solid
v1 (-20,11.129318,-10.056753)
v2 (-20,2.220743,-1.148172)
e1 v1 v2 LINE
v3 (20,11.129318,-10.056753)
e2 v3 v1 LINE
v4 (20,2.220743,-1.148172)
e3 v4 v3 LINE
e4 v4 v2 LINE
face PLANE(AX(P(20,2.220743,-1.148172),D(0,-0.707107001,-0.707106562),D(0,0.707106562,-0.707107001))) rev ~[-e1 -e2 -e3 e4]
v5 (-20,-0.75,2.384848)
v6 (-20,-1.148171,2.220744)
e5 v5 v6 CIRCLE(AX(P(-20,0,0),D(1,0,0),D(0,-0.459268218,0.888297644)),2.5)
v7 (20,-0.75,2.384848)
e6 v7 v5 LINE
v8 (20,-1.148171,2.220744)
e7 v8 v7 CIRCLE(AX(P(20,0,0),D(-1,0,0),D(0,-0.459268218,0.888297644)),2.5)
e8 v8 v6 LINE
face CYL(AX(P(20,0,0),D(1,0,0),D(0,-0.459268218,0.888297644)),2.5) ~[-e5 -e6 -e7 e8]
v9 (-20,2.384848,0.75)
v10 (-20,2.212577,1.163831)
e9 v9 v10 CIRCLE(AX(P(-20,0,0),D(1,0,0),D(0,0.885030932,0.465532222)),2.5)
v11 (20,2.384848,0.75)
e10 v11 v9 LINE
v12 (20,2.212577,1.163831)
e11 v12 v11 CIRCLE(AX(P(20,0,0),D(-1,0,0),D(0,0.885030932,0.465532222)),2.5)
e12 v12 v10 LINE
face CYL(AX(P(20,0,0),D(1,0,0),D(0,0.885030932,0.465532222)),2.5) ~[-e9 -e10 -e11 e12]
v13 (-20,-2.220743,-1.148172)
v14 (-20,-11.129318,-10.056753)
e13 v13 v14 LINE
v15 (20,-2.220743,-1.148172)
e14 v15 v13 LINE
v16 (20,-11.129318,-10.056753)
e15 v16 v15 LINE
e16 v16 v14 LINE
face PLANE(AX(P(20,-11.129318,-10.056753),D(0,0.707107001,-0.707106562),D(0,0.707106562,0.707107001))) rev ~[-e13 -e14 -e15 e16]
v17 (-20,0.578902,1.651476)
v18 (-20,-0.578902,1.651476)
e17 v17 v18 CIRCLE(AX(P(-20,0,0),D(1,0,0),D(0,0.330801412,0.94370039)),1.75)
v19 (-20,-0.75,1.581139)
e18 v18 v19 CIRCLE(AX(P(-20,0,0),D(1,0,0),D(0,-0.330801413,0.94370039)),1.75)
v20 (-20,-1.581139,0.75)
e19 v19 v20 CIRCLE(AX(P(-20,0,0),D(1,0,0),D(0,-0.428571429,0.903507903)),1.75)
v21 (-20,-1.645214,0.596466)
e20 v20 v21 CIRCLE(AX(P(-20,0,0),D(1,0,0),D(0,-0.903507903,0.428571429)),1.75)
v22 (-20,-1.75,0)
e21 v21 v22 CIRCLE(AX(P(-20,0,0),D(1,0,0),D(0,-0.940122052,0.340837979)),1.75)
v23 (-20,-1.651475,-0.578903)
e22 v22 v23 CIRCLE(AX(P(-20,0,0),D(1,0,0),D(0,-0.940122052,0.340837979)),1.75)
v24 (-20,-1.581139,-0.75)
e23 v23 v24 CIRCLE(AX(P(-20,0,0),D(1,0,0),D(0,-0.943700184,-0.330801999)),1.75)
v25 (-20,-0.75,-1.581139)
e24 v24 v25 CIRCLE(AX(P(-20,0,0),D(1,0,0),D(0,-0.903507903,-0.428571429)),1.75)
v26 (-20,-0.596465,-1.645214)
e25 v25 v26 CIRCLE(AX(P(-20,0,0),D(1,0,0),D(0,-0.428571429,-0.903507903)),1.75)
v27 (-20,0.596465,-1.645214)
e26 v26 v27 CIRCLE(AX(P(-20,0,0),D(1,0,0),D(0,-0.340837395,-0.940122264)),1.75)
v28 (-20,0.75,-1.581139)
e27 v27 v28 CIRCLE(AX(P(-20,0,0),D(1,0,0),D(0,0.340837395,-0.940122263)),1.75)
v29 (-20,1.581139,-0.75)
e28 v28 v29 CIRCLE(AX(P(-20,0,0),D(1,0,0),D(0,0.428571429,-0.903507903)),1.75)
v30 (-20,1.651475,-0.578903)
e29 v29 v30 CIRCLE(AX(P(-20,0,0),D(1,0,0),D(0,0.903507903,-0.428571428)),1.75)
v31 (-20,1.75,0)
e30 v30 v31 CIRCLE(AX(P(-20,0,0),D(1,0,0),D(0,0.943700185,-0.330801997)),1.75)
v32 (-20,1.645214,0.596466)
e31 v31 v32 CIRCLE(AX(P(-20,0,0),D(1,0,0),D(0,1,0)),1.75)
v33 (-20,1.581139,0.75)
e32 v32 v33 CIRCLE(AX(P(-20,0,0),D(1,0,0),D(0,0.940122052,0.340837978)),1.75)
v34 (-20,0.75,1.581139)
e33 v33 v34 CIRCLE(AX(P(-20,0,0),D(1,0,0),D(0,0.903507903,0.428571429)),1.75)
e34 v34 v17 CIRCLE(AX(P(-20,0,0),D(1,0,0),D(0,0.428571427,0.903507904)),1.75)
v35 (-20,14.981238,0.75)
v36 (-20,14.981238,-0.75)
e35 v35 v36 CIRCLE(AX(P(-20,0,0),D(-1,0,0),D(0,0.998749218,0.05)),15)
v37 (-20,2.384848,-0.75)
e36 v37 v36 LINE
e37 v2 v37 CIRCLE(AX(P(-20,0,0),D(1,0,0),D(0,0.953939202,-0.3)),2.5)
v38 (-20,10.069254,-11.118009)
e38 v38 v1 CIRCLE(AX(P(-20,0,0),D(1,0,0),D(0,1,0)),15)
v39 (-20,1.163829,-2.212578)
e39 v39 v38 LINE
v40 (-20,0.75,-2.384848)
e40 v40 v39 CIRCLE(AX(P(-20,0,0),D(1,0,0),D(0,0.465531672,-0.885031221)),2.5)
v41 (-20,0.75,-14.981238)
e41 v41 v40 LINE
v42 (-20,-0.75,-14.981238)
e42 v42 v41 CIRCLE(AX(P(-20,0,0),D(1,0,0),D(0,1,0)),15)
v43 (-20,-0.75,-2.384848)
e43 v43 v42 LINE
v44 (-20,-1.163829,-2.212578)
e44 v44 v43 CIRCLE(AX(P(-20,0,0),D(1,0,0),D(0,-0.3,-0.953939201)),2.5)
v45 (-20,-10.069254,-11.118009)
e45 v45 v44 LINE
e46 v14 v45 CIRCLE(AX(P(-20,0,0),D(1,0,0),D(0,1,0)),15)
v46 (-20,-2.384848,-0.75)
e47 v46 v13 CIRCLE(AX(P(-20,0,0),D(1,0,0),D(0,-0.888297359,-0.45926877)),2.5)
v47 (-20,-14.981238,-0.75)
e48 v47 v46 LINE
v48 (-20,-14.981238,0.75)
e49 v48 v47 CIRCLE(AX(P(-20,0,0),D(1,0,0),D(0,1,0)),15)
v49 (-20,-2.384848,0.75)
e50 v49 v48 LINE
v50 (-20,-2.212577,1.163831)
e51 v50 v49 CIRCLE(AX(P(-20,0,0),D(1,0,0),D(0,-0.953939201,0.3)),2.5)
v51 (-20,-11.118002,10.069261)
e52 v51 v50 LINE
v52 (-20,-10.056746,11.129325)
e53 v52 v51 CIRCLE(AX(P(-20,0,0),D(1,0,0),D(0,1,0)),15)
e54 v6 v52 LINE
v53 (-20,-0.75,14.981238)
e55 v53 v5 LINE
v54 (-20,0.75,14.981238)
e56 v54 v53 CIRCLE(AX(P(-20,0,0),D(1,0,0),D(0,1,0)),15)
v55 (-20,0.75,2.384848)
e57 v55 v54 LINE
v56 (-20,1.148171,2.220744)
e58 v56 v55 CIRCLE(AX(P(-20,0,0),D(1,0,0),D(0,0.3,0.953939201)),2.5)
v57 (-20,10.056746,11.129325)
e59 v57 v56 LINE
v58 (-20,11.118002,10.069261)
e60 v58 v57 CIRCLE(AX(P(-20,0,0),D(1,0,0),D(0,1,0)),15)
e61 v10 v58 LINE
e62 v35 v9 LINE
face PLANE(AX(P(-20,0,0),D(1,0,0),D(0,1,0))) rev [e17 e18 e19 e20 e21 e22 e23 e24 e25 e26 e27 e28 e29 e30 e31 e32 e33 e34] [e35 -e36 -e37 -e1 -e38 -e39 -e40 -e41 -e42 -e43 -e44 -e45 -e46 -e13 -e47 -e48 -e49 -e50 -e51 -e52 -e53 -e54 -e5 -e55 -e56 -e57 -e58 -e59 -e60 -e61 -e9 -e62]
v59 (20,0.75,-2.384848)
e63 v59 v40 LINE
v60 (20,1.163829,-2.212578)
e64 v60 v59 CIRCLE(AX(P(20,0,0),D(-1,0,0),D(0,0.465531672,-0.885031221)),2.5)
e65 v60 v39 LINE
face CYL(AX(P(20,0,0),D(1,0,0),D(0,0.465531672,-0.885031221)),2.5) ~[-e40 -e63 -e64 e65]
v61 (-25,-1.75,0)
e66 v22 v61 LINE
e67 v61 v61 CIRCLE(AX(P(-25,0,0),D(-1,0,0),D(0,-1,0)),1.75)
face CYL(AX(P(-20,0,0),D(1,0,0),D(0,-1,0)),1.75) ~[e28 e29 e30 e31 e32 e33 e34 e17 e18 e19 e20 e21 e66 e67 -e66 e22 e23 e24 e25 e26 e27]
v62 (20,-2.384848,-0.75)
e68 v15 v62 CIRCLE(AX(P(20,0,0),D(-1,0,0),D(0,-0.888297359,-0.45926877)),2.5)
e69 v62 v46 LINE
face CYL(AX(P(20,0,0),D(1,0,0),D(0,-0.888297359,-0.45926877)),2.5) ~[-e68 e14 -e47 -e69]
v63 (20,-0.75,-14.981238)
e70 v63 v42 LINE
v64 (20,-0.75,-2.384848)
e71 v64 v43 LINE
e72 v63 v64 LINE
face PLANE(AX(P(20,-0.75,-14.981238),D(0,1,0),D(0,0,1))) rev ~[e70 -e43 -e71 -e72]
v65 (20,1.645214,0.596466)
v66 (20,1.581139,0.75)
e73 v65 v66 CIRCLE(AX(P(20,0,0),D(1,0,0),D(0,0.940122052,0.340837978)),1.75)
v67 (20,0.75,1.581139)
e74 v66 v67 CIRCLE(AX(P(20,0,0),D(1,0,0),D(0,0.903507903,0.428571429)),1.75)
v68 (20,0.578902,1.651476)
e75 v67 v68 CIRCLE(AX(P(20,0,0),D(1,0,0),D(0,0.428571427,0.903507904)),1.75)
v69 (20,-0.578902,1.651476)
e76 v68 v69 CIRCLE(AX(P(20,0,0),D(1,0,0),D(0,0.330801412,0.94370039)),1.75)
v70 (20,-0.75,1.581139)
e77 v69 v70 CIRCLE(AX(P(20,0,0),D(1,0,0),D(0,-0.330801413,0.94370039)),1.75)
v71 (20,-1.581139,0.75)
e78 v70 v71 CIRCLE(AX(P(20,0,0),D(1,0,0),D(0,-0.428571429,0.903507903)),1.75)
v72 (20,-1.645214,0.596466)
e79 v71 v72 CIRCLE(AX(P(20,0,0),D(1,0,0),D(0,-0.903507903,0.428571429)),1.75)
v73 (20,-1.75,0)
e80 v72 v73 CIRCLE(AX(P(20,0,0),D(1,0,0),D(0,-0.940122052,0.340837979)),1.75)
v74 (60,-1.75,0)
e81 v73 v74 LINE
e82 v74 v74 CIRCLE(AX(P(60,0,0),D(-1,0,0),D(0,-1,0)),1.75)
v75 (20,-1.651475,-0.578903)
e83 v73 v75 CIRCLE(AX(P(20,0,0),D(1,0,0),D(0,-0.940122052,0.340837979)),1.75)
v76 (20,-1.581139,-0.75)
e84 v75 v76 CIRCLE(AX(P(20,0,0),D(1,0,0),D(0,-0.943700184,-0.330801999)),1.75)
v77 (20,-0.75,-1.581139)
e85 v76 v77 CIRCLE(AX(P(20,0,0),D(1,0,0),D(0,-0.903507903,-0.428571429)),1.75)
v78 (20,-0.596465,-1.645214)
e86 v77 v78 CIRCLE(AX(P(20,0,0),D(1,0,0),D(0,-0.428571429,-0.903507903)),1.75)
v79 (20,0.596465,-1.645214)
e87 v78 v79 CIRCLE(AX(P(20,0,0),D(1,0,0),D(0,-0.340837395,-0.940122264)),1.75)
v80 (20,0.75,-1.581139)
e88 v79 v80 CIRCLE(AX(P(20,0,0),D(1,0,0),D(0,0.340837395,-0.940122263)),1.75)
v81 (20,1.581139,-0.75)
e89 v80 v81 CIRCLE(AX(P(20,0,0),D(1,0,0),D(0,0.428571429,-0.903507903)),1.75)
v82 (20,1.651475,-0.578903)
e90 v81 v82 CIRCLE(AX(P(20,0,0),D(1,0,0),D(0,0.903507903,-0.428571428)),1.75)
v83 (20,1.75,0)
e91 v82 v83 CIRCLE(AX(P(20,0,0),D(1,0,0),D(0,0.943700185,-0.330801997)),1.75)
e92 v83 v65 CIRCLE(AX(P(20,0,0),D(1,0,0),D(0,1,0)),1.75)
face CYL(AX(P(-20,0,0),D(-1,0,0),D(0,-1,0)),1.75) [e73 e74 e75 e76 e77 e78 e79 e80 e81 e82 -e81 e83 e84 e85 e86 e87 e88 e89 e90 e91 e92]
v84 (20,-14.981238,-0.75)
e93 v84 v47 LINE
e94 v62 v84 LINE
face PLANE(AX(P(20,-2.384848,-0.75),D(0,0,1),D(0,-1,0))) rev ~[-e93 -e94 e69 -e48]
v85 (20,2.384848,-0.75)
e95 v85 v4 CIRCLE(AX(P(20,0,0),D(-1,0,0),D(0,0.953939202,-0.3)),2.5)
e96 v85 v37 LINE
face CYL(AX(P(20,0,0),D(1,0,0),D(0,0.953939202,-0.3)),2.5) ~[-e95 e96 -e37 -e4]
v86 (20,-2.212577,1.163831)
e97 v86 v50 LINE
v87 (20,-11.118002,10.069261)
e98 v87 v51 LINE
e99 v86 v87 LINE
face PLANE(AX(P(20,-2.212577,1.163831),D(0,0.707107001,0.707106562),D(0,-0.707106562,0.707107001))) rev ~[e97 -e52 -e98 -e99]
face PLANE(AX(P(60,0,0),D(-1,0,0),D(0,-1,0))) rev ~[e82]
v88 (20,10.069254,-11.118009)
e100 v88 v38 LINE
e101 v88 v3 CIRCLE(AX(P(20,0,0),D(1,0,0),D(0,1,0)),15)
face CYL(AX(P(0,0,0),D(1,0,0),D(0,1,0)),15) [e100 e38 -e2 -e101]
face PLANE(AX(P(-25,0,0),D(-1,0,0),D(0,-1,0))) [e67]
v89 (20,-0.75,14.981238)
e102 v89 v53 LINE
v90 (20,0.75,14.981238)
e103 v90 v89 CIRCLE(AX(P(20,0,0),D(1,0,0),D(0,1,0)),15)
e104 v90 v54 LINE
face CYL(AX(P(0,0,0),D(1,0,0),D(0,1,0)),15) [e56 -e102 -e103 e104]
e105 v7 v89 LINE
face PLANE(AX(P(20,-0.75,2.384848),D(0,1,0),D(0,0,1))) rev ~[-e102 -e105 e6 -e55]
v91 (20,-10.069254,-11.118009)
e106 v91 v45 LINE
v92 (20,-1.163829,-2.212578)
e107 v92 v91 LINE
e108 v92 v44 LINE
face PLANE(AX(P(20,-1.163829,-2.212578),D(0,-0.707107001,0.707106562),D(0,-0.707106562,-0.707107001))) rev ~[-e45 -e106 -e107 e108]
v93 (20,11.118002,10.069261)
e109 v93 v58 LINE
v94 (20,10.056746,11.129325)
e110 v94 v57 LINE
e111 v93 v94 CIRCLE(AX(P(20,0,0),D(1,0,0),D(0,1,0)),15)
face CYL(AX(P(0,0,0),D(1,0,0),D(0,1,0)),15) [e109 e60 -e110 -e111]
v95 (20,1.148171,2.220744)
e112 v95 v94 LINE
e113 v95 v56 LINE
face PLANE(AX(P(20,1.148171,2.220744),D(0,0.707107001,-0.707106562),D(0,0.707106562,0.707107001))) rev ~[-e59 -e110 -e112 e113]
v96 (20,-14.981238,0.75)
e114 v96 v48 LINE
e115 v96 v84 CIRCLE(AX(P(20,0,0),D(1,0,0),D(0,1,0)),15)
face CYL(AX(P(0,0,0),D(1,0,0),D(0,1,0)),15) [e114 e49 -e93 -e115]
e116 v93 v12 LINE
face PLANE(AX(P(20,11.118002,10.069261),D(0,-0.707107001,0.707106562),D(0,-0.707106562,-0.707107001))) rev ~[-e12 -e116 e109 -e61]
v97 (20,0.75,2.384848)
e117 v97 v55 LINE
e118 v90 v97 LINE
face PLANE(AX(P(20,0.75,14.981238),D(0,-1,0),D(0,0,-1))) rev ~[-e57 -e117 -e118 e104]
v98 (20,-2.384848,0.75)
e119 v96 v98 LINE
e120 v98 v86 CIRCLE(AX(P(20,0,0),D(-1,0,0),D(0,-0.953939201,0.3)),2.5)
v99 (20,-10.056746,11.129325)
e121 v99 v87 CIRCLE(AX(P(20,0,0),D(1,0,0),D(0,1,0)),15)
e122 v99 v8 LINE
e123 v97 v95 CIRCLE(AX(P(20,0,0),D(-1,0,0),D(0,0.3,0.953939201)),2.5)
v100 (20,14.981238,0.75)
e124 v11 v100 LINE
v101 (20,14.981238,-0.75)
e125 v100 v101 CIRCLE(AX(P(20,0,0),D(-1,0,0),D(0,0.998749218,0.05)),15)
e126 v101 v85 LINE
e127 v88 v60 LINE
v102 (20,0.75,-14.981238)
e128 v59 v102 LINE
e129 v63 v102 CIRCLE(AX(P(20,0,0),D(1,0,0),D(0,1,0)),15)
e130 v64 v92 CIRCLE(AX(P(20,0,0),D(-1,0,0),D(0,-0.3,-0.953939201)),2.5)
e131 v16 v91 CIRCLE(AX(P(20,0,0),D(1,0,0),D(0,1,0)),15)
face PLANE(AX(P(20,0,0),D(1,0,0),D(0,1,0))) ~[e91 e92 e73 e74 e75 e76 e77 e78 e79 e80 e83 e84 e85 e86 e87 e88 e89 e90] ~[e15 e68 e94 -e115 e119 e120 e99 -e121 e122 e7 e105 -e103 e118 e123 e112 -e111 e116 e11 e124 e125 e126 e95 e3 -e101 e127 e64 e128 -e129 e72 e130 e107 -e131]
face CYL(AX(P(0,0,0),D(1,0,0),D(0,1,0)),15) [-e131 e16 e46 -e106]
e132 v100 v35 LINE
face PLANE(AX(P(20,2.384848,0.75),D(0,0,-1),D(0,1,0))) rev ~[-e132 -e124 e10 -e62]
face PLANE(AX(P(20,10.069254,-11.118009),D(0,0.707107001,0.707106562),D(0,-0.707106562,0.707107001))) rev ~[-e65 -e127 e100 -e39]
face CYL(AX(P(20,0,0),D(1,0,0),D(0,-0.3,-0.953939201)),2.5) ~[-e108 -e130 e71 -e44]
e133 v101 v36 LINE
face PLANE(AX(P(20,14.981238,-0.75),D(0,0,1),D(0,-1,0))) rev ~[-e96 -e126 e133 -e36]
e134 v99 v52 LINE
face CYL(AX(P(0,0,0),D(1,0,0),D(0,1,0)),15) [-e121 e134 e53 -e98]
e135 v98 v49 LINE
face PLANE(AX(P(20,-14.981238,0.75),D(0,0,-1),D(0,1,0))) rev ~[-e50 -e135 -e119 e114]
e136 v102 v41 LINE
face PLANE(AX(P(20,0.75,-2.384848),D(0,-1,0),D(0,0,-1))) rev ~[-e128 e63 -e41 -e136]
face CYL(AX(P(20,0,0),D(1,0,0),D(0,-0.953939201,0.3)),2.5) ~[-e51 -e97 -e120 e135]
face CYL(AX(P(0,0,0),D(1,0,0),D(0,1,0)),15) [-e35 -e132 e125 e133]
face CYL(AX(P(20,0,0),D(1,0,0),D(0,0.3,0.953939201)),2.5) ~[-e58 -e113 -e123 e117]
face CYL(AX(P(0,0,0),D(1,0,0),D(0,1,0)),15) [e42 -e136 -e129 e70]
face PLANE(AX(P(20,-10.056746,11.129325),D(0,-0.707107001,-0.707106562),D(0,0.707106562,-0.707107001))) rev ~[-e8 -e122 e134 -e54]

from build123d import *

# Parameters (mm, degrees)
F0_W          = 40
F0_H          = 15
F3_DEPTH      = 40.001
F4_R          = 1.75
F4_R_2        = 0.75
F6_DEPTH      = 5
F6_DEPTH_BACK = 80


with BuildPart() as f1:
    # F0 (on Top) → F1 (revolve)
    with BuildSketch(Plane.XY):
        with Locations((0, 7.5)):
            Rectangle(F0_W, F0_H)
    revolve(axis=Axis((0, 0, 0), (1, 0, 0)))

    # F2 (on face) → F3 (cut, through all)
    with BuildSketch(Plane.YZ.offset(20)):
        with BuildLine():
            ThreePointArc((1.651475323, -0.578903496), (1.7251930059, -0.2936138491), (1.75, 0))
            ThreePointArc((1.75, 0), (1.7236043316, 0.3028004429), (1.6452135906, 0.5964664628))
            ThreePointArc((1.6452135906, 0.5964664628), (1.6150017407, 0.6739950872), (1.5811388301, 0.75))
            ThreePointArc((1.5811388301, 0.75), (1.2374368671, 1.2374368671), (0.75, 1.5811388301))
            ThreePointArc((0.75, 1.5811388301), (0.6653812907, 1.618569658), (0.5789024703, 1.6514756825))
            ThreePointArc((0.5789024703, 1.6514756825), (0, 1.75), (-0.5789024703, 1.6514756825))
            ThreePointArc((-0.5789024703, 1.6514756825), (-0.6653812907, 1.618569658), (-0.75, 1.5811388301))
            ThreePointArc((-0.75, 1.5811388301), (-1.2374368671, 1.2374368671), (-1.5811388301, 0.75))
            ThreePointArc((-1.5811388301, 0.75), (-1.6150017407, 0.6739950872), (-1.6452135906, 0.5964664628))
            ThreePointArc((-1.6452135906, 0.5964664628), (-1.7499751665, 0.0093229166), (-1.651475323, -0.578903496))
            ThreePointArc((-1.651475323, -0.578903496), (-1.6185694514, -0.6653817934), (-1.5811388301, -0.75))
            ThreePointArc((-1.5811388301, -0.75), (-1.2374368671, -1.2374368671), (-0.75, -1.5811388301))
            ThreePointArc((-0.75, -1.5811388301), (-0.6739945857, -1.61500195), (-0.596465441, -1.6452139611))
            ThreePointArc((-0.596465441, -1.6452139611), (0, -1.75), (0.596465441, -1.6452139611))
            ThreePointArc((0.596465441, -1.6452139611), (0.6739945857, -1.61500195), (0.75, -1.5811388301))
            ThreePointArc((0.75, -1.5811388301), (1.2374368671, -1.2374368671), (1.5811388301, -0.75))
            ThreePointArc((1.5811388301, -0.75), (1.6185694514, -0.6653817934), (1.651475323, -0.578903496))
        make_face()
        with BuildLine():
            ThreePointArc((2.2125773299, 1.1638305544), (2.3080064679, 0.9607841298), (2.3848480035, 0.75))
            Line((2.3848480035, 0.75), (14.9812382666, 0.75))
            ThreePointArc((14.9812382666, 0.75), (13.8565778233, 5.7441492866), (11.118002457, 10.0692612126))
            Line((11.118002457, 10.0692612126), (2.2125773299, 1.1638305544))
        make_face()
        with BuildLine():
            ThreePointArc((2.3848480035, -0.75), (2.3113855708, -0.9526262348), (2.2207433968, -1.1481719234))
            Line((2.2207433968, -1.1481719234), (11.1293184453, -10.0567525048))
            ThreePointArc((11.1293184453, -10.0567525048), (13.8598053196, -5.7363574246), (14.9812382666, -0.75))
            Line((14.9812382666, -0.75), (2.3848480035, -0.75))
        make_face()
        with BuildLine():
            Line((10.0692543074, -11.1180087108), (1.1638291802, -2.2125780527))
            ThreePointArc((1.1638291802, -2.2125780527), (0.960783413, -2.3080067663), (0.75, -2.3848480035))
            Line((0.75, -2.3848480035), (0.75, -14.9812382666))
            ThreePointArc((0.75, -14.9812382666), (5.7441449835, -13.8565796071), (10.0692543074, -11.1180087108))
        make_face()
        with BuildLine():
            Line((-0.75, -14.9812382666), (-0.75, -2.3848480035))
            ThreePointArc((-0.75, -2.3848480035), (-0.960783413, -2.3080067663), (-1.1638291802, -2.2125780527))
            Line((-1.1638291802, -2.2125780527), (-10.0692543074, -11.1180087108))
            ThreePointArc((-10.0692543074, -11.1180087108), (-5.7441449835, -13.8565796071), (-0.75, -14.9812382666))
        make_face()
        with BuildLine():
            Line((-11.1293184453, -10.0567525048), (-2.2207433968, -1.1481719234))
            ThreePointArc((-2.2207433968, -1.1481719234), (-2.3113855708, -0.9526262348), (-2.3848480035, -0.75))
            Line((-2.3848480035, -0.75), (-14.9812382666, -0.75))
            ThreePointArc((-14.9812382666, -0.75), (-13.8598053196, -5.7363574246), (-11.1293184453, -10.0567525048))
        make_face()
        with BuildLine():
            ThreePointArc((-2.3848480035, 0.75), (-2.3080064679, 0.9607841298), (-2.2125773299, 1.1638305544))
            Line((-2.2125773299, 1.1638305544), (-11.118002457, 10.0692612126))
            ThreePointArc((-11.118002457, 10.0692612126), (-13.8565778233, 5.7441492866), (-14.9812382666, 0.75))
            Line((-14.9812382666, 0.75), (-2.3848480035, 0.75))
        make_face()
        with BuildLine():
            ThreePointArc((-1.1481705441, 2.2207441099), (-0.952625517, 2.3113858666), (-0.75, 2.3848480035))
            Line((-0.75, 2.3848480035), (-0.75, 14.9812382666))
            ThreePointArc((-0.75, 14.9812382666), (-5.7363531205, 13.859807101), (-10.0567455926, 11.1293246914))
            Line((-10.0567455926, 11.1293246914), (-1.1481705441, 2.2207441099))
        make_face()
        with BuildLine():
            ThreePointArc((0.75, 2.3848480035), (0.952625517, 2.3113858666), (1.1481705441, 2.2207441099))
            Line((1.1481705441, 2.2207441099), (10.0567455926, 11.1293246914))
            ThreePointArc((10.0567455926, 11.1293246914), (5.7363531205, 13.859807101), (0.75, 14.9812382666))
            Line((0.75, 14.9812382666), (0.75, 2.3848480035))
        make_face()
    extrude(amount=-F3_DEPTH, mode=Mode.SUBTRACT)

    # F4 (on face) → F6 (join, two sides)
    with BuildSketch(Plane(origin=(-20, 0, 0), x_dir=(0, -1, 0), z_dir=(-1, 0, 0))) as f6_sk:
        Circle(F4_R)
        Circle(F4_R_2, mode=Mode.SUBTRACT)
        Circle(F4_R_2)
    extrude(amount=F6_DEPTH)
    extrude(f6_sk.sketch, amount=-F6_DEPTH_BACK)


solid = f1.part
